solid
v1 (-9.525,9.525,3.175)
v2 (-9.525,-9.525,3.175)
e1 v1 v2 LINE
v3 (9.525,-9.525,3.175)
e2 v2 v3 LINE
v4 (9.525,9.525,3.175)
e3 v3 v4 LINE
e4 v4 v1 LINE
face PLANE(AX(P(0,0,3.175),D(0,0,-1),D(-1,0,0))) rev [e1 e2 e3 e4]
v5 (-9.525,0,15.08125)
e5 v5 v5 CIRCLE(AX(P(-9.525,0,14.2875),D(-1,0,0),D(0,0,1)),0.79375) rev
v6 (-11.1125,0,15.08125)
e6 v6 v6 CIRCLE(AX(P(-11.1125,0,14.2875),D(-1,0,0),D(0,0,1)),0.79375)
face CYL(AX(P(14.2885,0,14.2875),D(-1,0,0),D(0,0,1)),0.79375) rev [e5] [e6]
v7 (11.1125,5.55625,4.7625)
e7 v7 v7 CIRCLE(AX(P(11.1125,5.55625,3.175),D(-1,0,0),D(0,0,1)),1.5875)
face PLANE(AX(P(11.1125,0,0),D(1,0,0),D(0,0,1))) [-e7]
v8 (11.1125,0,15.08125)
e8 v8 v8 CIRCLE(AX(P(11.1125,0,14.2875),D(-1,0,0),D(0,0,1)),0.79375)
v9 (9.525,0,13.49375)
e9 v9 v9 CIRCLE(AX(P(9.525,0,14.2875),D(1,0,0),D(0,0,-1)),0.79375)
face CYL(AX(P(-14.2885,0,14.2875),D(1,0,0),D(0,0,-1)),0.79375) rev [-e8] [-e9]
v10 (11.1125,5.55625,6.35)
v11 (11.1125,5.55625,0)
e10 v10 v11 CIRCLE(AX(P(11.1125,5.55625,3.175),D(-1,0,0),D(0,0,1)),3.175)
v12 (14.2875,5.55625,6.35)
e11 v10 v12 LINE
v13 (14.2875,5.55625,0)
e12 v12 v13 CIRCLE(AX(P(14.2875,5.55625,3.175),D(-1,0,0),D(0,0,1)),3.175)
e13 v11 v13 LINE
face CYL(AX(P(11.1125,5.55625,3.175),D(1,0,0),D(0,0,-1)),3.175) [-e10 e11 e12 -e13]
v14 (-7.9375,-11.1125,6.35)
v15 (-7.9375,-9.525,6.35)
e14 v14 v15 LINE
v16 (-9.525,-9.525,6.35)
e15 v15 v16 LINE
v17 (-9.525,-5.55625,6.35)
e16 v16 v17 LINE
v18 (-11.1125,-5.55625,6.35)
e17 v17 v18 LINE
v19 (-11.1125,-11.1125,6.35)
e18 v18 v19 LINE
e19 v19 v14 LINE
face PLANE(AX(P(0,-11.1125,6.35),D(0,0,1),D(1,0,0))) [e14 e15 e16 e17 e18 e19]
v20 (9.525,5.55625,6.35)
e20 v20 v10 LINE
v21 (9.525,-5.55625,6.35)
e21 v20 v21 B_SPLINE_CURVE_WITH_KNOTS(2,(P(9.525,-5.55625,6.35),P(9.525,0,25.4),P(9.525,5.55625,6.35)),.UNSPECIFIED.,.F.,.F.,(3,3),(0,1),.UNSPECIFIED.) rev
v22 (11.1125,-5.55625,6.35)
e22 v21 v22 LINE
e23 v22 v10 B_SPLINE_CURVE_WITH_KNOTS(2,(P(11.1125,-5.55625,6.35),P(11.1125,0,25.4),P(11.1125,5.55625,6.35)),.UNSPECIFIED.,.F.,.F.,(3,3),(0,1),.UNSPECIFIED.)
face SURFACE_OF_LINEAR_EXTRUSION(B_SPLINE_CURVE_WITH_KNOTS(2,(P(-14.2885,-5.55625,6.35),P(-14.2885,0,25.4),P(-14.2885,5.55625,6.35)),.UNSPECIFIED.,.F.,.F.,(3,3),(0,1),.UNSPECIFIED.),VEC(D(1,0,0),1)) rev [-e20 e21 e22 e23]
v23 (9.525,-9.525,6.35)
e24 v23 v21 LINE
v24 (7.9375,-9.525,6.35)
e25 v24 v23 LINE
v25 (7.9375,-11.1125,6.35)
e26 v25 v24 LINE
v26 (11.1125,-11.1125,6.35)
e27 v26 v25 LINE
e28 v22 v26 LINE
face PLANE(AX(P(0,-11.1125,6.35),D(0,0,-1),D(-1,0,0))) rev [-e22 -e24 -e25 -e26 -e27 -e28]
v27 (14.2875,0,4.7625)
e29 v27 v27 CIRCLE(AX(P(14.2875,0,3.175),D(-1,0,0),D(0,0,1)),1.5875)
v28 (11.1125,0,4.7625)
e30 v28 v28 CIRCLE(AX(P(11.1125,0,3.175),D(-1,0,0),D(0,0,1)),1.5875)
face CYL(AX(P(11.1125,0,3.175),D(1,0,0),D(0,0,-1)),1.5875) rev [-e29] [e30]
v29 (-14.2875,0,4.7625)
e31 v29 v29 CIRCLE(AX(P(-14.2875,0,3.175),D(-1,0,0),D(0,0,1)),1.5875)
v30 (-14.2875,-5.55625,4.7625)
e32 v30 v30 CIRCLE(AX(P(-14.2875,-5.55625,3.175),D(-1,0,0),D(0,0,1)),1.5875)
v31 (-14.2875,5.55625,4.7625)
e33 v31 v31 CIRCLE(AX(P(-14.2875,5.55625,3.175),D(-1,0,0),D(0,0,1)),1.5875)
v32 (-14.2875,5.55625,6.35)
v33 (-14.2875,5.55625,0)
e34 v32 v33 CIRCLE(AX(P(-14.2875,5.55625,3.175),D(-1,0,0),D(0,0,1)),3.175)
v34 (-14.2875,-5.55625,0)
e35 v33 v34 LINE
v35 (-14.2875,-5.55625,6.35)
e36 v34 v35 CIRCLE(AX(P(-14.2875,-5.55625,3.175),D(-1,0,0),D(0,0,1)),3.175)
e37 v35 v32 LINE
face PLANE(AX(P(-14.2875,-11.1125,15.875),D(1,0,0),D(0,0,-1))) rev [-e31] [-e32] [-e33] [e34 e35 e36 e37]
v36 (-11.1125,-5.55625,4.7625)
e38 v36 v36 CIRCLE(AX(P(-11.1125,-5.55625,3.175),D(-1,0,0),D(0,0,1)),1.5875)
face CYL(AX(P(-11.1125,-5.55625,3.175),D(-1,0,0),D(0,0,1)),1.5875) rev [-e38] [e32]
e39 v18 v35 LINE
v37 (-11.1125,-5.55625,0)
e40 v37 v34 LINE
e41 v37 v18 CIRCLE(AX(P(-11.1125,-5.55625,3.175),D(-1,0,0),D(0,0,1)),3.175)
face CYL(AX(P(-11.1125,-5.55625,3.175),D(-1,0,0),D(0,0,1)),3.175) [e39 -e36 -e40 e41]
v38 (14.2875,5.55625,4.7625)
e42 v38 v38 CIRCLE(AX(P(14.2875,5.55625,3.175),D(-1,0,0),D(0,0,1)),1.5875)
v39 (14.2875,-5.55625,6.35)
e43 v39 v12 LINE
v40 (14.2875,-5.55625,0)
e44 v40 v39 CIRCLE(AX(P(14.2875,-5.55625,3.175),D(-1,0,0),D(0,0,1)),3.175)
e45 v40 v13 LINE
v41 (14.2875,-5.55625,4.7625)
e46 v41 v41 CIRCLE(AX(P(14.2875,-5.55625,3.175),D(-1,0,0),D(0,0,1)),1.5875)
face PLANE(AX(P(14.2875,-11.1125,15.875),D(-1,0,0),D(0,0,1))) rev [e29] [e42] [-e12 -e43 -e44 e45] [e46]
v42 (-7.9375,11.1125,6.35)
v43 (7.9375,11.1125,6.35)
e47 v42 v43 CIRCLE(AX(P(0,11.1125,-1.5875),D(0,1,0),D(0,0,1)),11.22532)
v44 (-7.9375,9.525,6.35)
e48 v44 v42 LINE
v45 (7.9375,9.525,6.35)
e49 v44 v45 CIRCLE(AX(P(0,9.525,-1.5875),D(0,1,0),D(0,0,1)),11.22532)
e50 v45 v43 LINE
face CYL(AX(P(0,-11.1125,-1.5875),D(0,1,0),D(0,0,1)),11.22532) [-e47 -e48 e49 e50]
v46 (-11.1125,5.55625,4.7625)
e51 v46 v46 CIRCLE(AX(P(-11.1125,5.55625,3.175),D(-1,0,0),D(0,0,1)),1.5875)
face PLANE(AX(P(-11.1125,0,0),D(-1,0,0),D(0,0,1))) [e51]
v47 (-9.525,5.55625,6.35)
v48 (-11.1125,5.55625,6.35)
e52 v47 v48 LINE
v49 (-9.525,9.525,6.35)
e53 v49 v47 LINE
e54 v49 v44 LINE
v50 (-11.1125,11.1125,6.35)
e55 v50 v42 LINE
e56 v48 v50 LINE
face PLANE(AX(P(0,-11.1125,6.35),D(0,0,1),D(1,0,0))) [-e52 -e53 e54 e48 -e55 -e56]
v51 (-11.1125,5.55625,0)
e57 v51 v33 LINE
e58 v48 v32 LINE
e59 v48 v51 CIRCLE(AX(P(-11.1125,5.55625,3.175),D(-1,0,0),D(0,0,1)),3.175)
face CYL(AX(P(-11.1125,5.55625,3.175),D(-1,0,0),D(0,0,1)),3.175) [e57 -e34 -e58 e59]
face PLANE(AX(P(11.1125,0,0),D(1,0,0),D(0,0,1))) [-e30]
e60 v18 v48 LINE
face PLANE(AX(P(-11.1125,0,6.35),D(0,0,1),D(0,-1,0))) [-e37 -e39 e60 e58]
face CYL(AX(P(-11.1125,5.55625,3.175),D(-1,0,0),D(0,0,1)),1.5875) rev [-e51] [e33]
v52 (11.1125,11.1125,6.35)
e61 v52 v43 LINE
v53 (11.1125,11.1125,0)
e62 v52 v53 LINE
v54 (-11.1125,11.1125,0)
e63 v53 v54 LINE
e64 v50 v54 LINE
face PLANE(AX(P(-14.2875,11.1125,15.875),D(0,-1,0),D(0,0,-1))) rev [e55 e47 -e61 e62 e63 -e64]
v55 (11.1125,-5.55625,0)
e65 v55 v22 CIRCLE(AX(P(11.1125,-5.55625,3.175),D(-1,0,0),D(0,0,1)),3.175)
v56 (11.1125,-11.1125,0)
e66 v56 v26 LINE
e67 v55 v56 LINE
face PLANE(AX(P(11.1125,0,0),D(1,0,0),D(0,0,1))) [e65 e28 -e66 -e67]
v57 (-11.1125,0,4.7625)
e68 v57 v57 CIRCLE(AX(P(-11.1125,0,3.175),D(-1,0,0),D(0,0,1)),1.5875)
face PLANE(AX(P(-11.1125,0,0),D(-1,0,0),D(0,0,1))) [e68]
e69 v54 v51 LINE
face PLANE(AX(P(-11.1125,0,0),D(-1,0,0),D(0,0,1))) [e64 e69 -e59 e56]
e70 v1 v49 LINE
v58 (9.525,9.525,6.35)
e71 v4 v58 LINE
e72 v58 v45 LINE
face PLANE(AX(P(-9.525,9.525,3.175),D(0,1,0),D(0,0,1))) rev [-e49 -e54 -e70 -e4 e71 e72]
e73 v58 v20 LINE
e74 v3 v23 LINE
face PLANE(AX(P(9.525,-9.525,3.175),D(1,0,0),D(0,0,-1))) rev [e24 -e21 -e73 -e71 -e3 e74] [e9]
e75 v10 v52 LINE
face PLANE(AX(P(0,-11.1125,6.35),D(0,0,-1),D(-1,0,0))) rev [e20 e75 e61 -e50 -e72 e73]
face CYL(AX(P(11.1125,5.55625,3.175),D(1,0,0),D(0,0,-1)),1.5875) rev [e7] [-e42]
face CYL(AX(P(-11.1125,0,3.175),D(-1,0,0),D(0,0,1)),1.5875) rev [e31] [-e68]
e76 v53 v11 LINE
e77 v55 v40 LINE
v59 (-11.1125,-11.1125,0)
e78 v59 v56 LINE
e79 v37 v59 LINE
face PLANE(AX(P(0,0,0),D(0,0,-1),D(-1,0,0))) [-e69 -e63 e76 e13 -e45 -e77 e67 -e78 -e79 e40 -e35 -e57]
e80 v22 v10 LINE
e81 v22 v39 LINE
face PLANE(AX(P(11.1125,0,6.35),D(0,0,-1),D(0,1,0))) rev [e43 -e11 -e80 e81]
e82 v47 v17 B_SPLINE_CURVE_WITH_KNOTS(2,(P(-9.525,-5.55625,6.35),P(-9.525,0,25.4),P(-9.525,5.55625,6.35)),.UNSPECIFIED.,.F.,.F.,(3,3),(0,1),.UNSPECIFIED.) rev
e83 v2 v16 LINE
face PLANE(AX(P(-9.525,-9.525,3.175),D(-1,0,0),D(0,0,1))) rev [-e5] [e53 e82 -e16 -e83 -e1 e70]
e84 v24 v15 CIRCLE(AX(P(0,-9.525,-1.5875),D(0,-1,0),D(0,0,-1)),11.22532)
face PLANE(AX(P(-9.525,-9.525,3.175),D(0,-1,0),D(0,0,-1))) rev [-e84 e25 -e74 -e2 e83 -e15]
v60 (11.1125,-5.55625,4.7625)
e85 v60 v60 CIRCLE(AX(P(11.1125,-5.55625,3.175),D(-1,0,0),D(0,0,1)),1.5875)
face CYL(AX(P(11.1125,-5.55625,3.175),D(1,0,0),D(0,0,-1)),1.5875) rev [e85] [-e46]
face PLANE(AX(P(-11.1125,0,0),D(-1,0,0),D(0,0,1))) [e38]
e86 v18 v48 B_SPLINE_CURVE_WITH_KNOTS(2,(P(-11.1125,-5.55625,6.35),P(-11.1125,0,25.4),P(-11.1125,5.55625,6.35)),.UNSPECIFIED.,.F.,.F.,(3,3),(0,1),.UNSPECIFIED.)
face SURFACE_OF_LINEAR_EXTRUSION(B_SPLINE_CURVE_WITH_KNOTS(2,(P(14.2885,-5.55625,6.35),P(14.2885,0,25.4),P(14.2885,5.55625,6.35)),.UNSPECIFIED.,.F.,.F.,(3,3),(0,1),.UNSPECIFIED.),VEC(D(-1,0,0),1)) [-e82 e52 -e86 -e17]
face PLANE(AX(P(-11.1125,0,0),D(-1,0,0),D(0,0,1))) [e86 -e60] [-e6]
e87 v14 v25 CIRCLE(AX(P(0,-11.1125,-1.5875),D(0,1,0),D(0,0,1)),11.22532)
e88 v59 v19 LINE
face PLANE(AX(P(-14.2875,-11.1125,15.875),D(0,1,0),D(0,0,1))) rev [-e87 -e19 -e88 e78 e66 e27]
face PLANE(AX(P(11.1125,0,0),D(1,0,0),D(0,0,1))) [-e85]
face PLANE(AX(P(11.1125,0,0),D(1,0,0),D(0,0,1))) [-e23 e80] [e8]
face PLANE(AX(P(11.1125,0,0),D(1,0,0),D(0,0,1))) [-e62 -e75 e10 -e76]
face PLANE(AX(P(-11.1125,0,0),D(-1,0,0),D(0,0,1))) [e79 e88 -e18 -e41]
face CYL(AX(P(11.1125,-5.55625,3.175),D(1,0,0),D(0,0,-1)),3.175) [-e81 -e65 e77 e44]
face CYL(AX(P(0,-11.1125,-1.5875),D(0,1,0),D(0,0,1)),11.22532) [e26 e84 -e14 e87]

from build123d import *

# Parameters (mm, degrees)
SKETCH2_W           = 28.575
SKETCH2_H           = 22.225
BOSS_EXTRUDE1_DEPTH = 15.875
SKETCH5_W           = 19.05
SKETCH5_H           = 19.05
CUT_EXTRUDE3_DEPTH  = 12.7
SKETCH4_R           = 1.5875
CUT_EXTRUDE2_DEPTH  = 3.175
CUT_EXTRUDE1_DEPTH  = 23.225
SKETCH6_R           = 0.79375
CUT_EXTRUDE4_DEPTH  = 1.5875


with BuildPart() as part:
    # Sketch2 → Boss-Extrude1 (new body)
    with BuildSketch(Plane.XY):
        Rectangle(SKETCH2_W, SKETCH2_H)
    extrude(amount=BOSS_EXTRUDE1_DEPTH)

    # Sketch5 → Cut-Extrude3 (cut)
    with BuildSketch(Plane.XY.offset(15.875)):
        Rectangle(SKETCH5_W, SKETCH5_H)
    extrude(amount=-CUT_EXTRUDE3_DEPTH, mode=Mode.SUBTRACT)

    # Sketch4 → Cut-Extrude2 (cut)
    with BuildSketch(Plane.ZY.offset(14.2875)):
        with BuildLine():
            ThreePointArc((6.35, -5.55625), (3.175, -8.73125), (0, -5.55625))
            Line((0, -5.55625), (0, -11.1125))
            Line((0, -11.1125), (15.875, -11.1125))
            Line((15.875, -11.1125), (15.875, 11.1125))
            Line((15.875, 11.1125), (0, 11.1125))
            Line((0, 11.1125), (0, 5.55625))
            ThreePointArc((0, 5.55625), (3.175, 8.73125), (6.35, 5.55625))
            Line((6.35, 5.55625), (6.35, -5.55625))
        make_face()
        with Locations((3.175, 5.55625)):
            Circle(SKETCH4_R)
        with Locations((3.175, 0)):
            Circle(SKETCH4_R)
        with Locations((3.175, -5.55625)):
            Circle(SKETCH4_R)
    cut_extrude2 = extrude(amount=-CUT_EXTRUDE2_DEPTH, mode=Mode.SUBTRACT)

    # Mirror1: Cut-Extrude2 across plane
    add(cut_extrude2.mirror(Plane(origin=(0, 0, 0), x_dir=(0, 0, 1), z_dir=(1, 0, 0))), mode=Mode.SUBTRACT)

    # Sketch3 → Cut-Extrude1 (cut, through all)
    with BuildSketch(Plane(origin=(0, 11.1125, 0), x_dir=(1, 0, 0), z_dir=(0, 1, 0))):
        with BuildLine():
            Line((-7.9375, -6.35), (-9.525, -6.35))
            Line((-9.525, -6.35), (-9.525, -15.875))
            Line((-9.525, -15.875), (9.525, -15.875))
            Line((9.525, -15.875), (9.525, -6.35))
            Line((9.525, -6.35), (7.9375, -6.35))
            ThreePointArc((7.9375, -6.35), (0, -9.637820151), (-7.9375, -6.35))
        make_face()
    extrude(amount=-CUT_EXTRUDE1_DEPTH, mode=Mode.SUBTRACT)

    # Sketch6 → Cut-Extrude4 (cut)
    with BuildSketch(Plane.ZY.offset(11.1125)):
        with BuildLine():
            Line((15.875, -11.1125), (15.875, 0))
            add(Edge.make_bspline(
                [(6.35, -5.55625), (15.875, -2.778125), (15.875, 0)],
                knots=[0, 0, 0, 0.5, 0.5, 0.5], degree=2))
            Line((6.35, -5.55625), (6.35, -11.1125))
            Line((6.35, -11.1125), (15.875, -11.1125))
        make_face()
        with BuildLine():
            Line((6.35, 11.1125), (6.35, 5.55625))
            add(Edge.make_bspline(
                [(15.875, 0), (15.875, 2.778125), (6.35, 5.55625)],
                knots=[0.5, 0.5, 0.5, 1, 1, 1], degree=2))
            Line((15.875, 0), (15.875, 11.1125))
            Line((15.875, 11.1125), (6.35, 11.1125))
        make_face()
        with Locations((14.2875, 0)):
            Circle(SKETCH6_R)
    cut_extrude4 = extrude(amount=-CUT_EXTRUDE4_DEPTH, mode=Mode.SUBTRACT)

    # Mirror2: Cut-Extrude4 across plane
    add(cut_extrude4.mirror(Plane(origin=(0, 0, 0), x_dir=(0, 0, 1), z_dir=(1, 0, 0))), mode=Mode.SUBTRACT)


solid = part.part
